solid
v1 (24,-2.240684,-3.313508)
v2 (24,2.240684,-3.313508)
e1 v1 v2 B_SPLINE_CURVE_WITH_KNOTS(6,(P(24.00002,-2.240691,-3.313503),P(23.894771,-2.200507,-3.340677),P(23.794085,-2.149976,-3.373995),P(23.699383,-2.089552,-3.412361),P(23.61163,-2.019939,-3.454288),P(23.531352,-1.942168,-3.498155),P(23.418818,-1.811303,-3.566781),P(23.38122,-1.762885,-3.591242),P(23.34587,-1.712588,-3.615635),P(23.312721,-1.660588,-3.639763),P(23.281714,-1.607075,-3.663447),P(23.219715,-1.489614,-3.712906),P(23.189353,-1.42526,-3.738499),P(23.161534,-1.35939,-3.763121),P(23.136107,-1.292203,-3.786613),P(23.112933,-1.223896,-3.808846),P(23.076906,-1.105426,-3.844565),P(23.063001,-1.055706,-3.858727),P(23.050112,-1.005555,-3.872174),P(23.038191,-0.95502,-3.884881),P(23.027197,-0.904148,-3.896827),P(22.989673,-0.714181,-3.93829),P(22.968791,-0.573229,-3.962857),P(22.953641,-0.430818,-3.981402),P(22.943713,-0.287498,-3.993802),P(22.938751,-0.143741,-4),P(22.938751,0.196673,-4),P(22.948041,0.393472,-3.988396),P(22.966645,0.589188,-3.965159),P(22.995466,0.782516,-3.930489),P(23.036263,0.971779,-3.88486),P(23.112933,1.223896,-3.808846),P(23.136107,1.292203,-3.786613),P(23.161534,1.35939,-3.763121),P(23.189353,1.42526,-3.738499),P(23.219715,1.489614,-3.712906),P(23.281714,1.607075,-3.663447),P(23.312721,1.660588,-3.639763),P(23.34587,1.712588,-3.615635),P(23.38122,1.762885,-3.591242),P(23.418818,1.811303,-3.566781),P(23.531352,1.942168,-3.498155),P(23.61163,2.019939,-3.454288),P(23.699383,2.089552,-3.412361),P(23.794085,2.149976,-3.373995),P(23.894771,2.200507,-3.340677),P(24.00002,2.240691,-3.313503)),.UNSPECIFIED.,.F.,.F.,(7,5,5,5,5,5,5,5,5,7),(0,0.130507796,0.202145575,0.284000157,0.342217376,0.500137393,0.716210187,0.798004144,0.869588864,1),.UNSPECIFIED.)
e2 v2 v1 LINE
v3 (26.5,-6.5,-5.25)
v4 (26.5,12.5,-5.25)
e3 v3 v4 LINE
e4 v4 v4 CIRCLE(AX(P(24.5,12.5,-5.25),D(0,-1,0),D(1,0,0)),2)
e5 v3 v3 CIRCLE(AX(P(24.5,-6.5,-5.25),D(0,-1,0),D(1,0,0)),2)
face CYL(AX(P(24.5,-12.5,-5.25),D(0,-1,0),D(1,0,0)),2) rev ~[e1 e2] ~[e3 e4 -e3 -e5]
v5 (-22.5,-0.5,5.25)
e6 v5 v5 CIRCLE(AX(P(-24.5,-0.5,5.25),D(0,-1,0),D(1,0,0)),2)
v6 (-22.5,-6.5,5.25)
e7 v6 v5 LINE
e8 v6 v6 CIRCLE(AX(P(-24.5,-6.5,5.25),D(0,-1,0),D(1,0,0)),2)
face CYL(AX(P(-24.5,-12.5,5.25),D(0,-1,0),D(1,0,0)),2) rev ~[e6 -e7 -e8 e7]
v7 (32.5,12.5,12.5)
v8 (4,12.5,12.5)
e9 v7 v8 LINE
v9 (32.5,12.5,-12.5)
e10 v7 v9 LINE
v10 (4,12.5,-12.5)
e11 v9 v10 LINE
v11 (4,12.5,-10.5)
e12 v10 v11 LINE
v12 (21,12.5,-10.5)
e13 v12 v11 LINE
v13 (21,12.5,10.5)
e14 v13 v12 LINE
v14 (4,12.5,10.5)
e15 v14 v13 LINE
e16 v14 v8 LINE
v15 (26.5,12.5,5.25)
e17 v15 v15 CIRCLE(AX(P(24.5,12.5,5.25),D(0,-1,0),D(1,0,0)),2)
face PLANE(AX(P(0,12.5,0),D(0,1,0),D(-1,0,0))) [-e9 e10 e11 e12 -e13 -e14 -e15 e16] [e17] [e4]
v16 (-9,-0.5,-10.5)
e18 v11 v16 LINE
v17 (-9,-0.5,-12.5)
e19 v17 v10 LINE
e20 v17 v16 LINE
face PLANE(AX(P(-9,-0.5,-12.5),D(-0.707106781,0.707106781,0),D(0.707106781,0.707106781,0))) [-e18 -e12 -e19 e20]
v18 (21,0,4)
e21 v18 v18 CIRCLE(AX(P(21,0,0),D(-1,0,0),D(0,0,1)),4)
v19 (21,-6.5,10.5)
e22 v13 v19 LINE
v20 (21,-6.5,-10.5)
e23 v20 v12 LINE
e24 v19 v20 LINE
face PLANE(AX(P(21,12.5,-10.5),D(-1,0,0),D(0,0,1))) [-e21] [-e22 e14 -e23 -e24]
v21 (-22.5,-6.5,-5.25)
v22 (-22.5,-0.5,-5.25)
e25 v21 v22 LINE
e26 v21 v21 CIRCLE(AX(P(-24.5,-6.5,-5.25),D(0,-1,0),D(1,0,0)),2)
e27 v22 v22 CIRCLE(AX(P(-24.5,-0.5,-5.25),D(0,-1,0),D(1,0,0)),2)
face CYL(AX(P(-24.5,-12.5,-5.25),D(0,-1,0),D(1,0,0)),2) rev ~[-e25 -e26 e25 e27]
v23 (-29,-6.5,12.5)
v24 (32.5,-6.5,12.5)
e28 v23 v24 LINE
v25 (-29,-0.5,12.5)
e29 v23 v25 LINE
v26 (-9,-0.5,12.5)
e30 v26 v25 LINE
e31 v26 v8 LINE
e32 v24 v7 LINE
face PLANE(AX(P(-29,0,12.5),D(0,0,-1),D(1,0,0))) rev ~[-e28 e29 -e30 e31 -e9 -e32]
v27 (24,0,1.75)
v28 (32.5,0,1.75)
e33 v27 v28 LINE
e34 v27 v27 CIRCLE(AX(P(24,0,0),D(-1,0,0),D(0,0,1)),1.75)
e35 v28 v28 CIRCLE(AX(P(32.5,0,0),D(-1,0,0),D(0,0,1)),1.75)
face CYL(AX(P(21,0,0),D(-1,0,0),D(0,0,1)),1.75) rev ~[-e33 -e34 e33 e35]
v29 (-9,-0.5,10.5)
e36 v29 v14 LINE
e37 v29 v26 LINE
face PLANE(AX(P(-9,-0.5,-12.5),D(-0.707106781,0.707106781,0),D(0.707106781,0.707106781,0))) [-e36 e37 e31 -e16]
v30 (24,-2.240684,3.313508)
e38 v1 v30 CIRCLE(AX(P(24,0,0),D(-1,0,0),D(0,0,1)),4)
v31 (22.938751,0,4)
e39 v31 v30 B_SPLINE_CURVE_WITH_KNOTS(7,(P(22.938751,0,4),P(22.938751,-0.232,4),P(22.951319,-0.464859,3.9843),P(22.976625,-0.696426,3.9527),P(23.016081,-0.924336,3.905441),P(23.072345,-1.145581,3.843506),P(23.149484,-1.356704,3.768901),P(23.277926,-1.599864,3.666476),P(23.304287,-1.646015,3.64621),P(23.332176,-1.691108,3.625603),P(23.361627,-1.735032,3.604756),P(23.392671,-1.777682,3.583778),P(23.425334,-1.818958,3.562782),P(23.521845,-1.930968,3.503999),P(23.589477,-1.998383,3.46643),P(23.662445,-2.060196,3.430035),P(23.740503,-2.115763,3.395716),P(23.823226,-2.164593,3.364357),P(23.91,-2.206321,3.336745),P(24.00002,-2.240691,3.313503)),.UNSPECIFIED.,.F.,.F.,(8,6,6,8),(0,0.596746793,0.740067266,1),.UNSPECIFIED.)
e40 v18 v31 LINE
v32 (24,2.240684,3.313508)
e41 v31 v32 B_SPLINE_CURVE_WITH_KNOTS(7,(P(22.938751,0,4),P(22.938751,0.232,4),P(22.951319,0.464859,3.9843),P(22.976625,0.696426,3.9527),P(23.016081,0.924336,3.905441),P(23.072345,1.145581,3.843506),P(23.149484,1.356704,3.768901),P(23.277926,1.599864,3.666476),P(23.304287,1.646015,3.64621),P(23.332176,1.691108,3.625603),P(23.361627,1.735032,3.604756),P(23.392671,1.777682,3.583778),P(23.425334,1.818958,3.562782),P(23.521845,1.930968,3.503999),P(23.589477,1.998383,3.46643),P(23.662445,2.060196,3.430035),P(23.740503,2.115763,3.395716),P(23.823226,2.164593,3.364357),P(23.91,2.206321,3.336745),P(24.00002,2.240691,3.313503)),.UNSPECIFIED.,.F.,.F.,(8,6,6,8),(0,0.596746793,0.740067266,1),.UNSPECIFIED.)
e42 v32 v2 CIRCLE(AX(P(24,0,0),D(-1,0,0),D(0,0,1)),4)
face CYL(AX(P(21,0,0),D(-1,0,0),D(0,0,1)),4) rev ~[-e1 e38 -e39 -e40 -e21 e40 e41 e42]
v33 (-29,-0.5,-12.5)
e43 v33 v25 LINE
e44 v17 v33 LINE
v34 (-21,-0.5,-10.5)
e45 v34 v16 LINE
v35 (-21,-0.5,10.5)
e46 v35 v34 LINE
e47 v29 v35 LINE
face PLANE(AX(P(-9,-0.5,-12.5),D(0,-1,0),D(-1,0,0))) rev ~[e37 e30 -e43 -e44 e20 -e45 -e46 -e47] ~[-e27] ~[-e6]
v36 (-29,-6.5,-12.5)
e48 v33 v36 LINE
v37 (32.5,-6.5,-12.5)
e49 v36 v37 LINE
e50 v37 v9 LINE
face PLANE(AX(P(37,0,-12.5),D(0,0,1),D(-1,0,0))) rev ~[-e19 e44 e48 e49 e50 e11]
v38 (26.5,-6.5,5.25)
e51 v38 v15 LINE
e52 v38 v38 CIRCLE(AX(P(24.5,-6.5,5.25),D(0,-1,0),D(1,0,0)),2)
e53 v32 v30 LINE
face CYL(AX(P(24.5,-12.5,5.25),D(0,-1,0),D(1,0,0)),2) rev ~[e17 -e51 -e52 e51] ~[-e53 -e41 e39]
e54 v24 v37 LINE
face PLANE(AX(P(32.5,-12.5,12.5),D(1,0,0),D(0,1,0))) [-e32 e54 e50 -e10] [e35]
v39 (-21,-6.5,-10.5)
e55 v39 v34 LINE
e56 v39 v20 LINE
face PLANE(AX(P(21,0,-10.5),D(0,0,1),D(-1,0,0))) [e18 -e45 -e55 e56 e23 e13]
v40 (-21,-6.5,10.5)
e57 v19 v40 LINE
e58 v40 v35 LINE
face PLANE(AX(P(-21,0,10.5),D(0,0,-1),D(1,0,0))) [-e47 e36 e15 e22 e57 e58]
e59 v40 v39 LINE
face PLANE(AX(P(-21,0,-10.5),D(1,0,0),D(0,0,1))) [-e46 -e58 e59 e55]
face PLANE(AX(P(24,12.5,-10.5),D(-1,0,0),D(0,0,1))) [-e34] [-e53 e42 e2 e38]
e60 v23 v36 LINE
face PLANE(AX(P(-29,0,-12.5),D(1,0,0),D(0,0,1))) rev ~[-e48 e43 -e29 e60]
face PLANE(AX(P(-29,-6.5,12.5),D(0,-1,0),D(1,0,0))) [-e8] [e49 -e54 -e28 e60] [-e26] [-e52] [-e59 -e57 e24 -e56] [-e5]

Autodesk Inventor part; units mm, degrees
ref_plane "YZ Plane" through (0, 0, 0) normal (1, 0, 0) x (0, 1, 0)
ref_plane "XZ Plane" through (0, 0, 0) normal (0, 1, 0) x (-1, 0, 0)
ref_plane "XY Plane" through (0, 0, 0) normal (0, 0, 1) x (1, 0, 0)
sketch "Esquisse1" plane through (0, 0, 0) normal (0, 1, 0) x (-1, 0, 0)
  line L0 (21, 10.5) -> (-21, 10.5)
  line L1 (-21, 10.5) -> (-21, -10.5)
  line L2 (-21, -10.5) -> (21, -10.5)
  line L3 (21, -10.5) -> (21, 10.5)
  line L4 (29, 12.5) -> (-37, 12.5)
  line L5 (-37, 12.5) -> (-37, -12.5)
  line L6 (-37, -12.5) -> (29, -12.5)
  line L7 (29, -12.5) -> (29, 12.5)
  line L8 (-37, -12.5) -> (-46.0993, 12.5)
  line L9 (-46.0993, 12.5) -> (-37, 12.5)
  point P0 (0, 0)
  dimension "d0" = 20
  dimension "d1" = 42
  dimension "d2" = 21
  dimension "d3" = 10.5
  dimension "d4" = 21
  dimension "d5" = 8
  dimension "d6" = 2
  dimension "d7" = 2
  dimension "d8" = 16
extrude "Extrusion1" add sketch "Esquisse1" along normal mid plane 25
sketch "Esquisse2" plane through (37, -12.5, -12.5) normal (0.9397, 0, -0.342) x (-0.342, 0, -0.9397)
  line L0 (-26.6044, 25) -> (0, 0)
  line L1 (0, 0) -> (0, 25)
  line L2 (0, 25) -> (-26.6044, 0)
  arc A0 (-8.3022, 22.298) -> (-18.3022, 22.298) centre (-13.3022, 12.5) ccw
  line L3 (-18.3022, 22.298) -> (-8.3022, 22.298)
  line L4 (-8.3022, 22.298) -> (-8.3022, 2.702)
  line L5 (-8.3022, 2.702) -> (-18.3022, 2.702)
  line L6 (-18.3022, 2.702) -> (-18.3022, 22.298)
  arc A1 (-8.3022, 2.702) -> (-8.3022, 22.298) centre (-13.3022, 12.5) ccw
  arc A2 (-18.3022, 2.702) -> (-8.3022, 2.702) centre (-13.3022, 12.5) ccw
  arc A3 (-18.3022, 22.298) -> (-18.3022, 2.702) centre (-13.3022, 12.5) ccw
  point P0 (0.9086, 12.5)
  point P1 (-26.6044, 25)
  point P2 (-26.6044, 0)
  dimension "d11" = 22
  dimension "d13" = 10
extrude "Extrusion2" add sketch "Esquisse2" along normal blind 5 contours A3 L6 L0 | L0 L6 L2 A3 | L6 L3 L4 L2 L0 | L0 L2 L6 | L2 L6 A3 | L2 L4 L0 | L0 L4 L5 L6 L2 | A1 L2 L4 | L4 L2 A1 L0 | L0 A1 L4
sketch "Esquisse3" plane through (39.8395, -9.798, -4.6985) normal (0, -1, 0) x (0.9397, 0, -0.342)
  line L0 (5, 10) -> (0, 0)
  line L1 (0, 10) -> (5, 0)
  circle A0 centre (2.5, 5) radius 1.75
  point P0 (-39.0439, -9.2108)
  dimension "d16" = 3.5
extrude "Extrusion3" cut sketch "Esquisse3" against normal through all
sketch "Esquisse4" plane through (21, -12.5, 10.5) normal (-1, 0, 0) x (0, 0, 1)
  line L0 (-21, 3) -> (0, 3)
  line L1 (0, 3) -> (0, 6)
  line L2 (0, 6) -> (-21, 6)
  line L3 (-21, 6) -> (-21, 3)
  line L4 (-21, 0) -> (-21, 25) projected
  line L5 (0, 0) -> (0, 25) projected
  line L6 (0, 0) -> (-21, 0) projected
  point P0 (-10.5, 12.5)
  dimension "d19" = 3
  dimension "d20" = 3
extrude "Extrusion4" cut sketch "Esquisse4" against normal blind 7 contours L3 L2 L1 L0
sketch "Esquisse5" plane through (-21, -12.5, -10.5) normal (1, 0, 0) x (0, 0, -1)
  line L0 (-21, 6) -> (0, 6)
  line L1 (0, 6) -> (0, 3)
  line L2 (0, 3) -> (-21, 3)
  line L3 (-21, 3) -> (-21, 6)
  line L4 (-21, 25) -> (-21, 0) projected
  line L5 (0, 0) -> (0, 25) projected
  line L6 (0, 0) -> (-21, 0) projected
  point P0 (-10.5, 12.5)
  dimension "d23" = 3
  dimension "d24" = 3
extrude "Extrusion5" cut sketch "Esquisse5" against normal blind 7 contours L0 L1 L2 L3
sketch "Esquisse6" plane through (21, 12.5, -10.5) normal (-1, 0, 0) x (0, 0, 1)
  line L0 (21, -25) -> (0, 0)
  line L1 (0, -25) -> (21, 0)
  circle A0 centre (10.5, -12.5) radius 3
  dimension "d27" = 6
extrude "Extrusion6" cut sketch "Esquisse6" against normal through all
sketch "Esquisse7" plane through (21, 12.5, -10.5) normal (-1, 0, 0) x (0, 0, 1)
  circle A0 centre (10.5, -12.5) radius 3
  circle A1 centre (10.5, -12.5) radius 1.75
  circle A2 centre (10.5, -12.5) radius 3 projected
  dimension "d30" = 0
  dimension "d31" = 3.5
extrude "Extrusion7" add sketch "Esquisse7" against normal blind 18
sketch "Esquisse8" plane through (21, 12.5, -10.5) normal (-1, 0, 0) x (0, 0, 1)
  circle A0 centre (10.5, -12.5) radius 4
  dimension "d34" = 8
extrude "Extrusion8" cut sketch "Esquisse8" against normal blind 3
sketch "Esquisse10" plane through (0, -12.5, 0) normal (0, -1, 0) x (1, 0, 0)
  line L0 (-21, -10.5) -> (-28, -10.5)
  line L1 (-28, -10.5) -> (-28, 10.5)
  line L2 (-28, 10.5) -> (-21, 10.5)
  line L3 (-21, 10.5) -> (-21, -10.5)
  line L4 (21, -10.5) -> (28, -10.5)
  line L5 (28, -10.5) -> (28, 10.5)
  line L6 (28, 10.5) -> (21, 10.5)
  line L7 (21, 10.5) -> (21, -10.5)
  line L8 (-28, -10.5) -> (-28, 10.5) projected
  line L9 (28, 10.5) -> (28, -10.5) projected
  line L10 (-28, -10.5) -> (-21, 0)
  line L11 (-21, 0) -> (-28, 10.5)
  line L12 (-28, 0) -> (-21, 10.5)
  line L13 (-21, -10.5) -> (-28, 0)
  line L14 (21, -10.5) -> (28, 0)
  line L15 (21, 0) -> (28, -10.5)
  line L16 (28, 10.5) -> (21, 0)
  line L17 (21, 10.5) -> (28, 0)
  circle A0 centre (-24.5, -5.25) radius 2
  circle A1 centre (24.5, -5.25) radius 2
  circle A2 centre (24.5, 5.25) radius 2
  circle A3 centre (-24.5, 5.25) radius 2
  point P0 (0, 0)
  dimension "d37" = 4
  dimension "d38" = 4
  dimension "d39" = 4
  dimension "d40" = 4
extrude "Extrusion9" cut sketch "Esquisse10" against normal through all contours A0 L10 L13 | L13 L10 A0 | A0 L13 L10 | L10 L13 A0 | A3 L12 L11 | L11 L12 A3 | A3 L11 L12 | L12 L11 A3 | A1 L15 L14 | L14 L15 A1 | L15 L14 A1 | A1 L14 L15 | A2 L17 L16 | L16 L17 A2 | L17 L16 A2 | A2 L16 L17
sketch "Esquisse11" plane through (37, 12.5, -12.5) normal (0, 0, -1) x (-1, 0, 0)
  line L0 (66, 0) -> (46, 0)
  line L1 (46, 0) -> (46, -13)
  line L2 (46, -13) -> (66, -13)
  line L3 (66, -13) -> (66, 0)
  line L4 (66, -25) -> (0, -25) projected
  line L5 (46, -13) -> (33, 0)
  line L6 (0, 0) -> (66, 0) projected
  line L7 (45, 0) -> (33, 0)
  point P0 (37, -12.5)
  dimension "d43" = 20
  dimension "d44" = 12
  dimension "d45" = 45
extrude "Extrusion10" cut sketch "Esquisse11" against normal through all
sketch "Esquisse12" plane through (-29, -12.5, 12.5) normal (0, 0, 1) x (1, 0, 0)
  line L0 (33, 25) -> (75.0993, 25) projected
  line L1 (75.0993, 0) -> (61.5, 0)
  line L2 (61.5, 0) -> (61.5, 25)
  line L3 (61.5, 25) -> (75.0993, 25)
  line L4 (75.0993, 25) -> (75.0993, 0)
  line L5 (57, 6) -> (57, 3) projected
  line L6 (66, 25) -> (66, 0) projected
  line L7 (61.5, 25) -> (0, 25)
  line L8 (0, 25) -> (0, 0)
  line L9 (0, 0) -> (61.5, 0)
  line L10 (61.5, 0) -> (61.5, 25)
  line L11 (75.0993, 0) -> (79.0103, 0)
  line L12 (79.0103, 0) -> (79.0103, 25)
  line L13 (79.0103, 25) -> (75.0993, 25)
  line L14 (75.0993, 25) -> (75.0993, 0)
  ellipse E0 centre (75.2481, 12.5) end of major axis (75.2481, 1.5) minor radius 3.7622 (76.9582, 2.702) -> (76.9582, 22.298) ccw projected
  point P0 (29, 12.5)
  dimension "d48" = 9
  dimension "d49" = 4.5
extrude "Extrusion12" cut sketch "Esquisse12" against normal through all contours L0 L6 L1 L2 | L0 L4 L1 L6 | L13 L12 L11 L4
sketch "Esquisse13" plane through (-29, -0.5, 12.5) normal (0, 0, 1) x (1, 0, 0)
  line L0 (0, -12) -> (0, 0) projected
  line L1 (61.5, -12) -> (0, -12)
  line L2 (0, -12) -> (0, -6)
  line L3 (0, -6) -> (61.5, -6)
  line L4 (61.5, -6) -> (61.5, -12)
  line L5 (61.5, 13) -> (0, 13)
  line L6 (0, 13) -> (0, -6)
  line L7 (0, -6) -> (61.5, -6)
  line L8 (61.5, -6) -> (61.5, 13)
  point P0 (29, 0.5)
  dimension "d54" = 6
extrude "Extrusion13" cut sketch "Esquisse13" against normal through all contours L0 L3 L4 L1
equation "\"d3\" = 0.5 * d2"
equation "\"d4\" = 0.5 * d1"
equation "\"d38\" = d37"
equation "\"d39\" = d37"
equation "\"d40\" = d37"
equation "\"d49\" = 0.5 * d48"
properties part number "forearm"
